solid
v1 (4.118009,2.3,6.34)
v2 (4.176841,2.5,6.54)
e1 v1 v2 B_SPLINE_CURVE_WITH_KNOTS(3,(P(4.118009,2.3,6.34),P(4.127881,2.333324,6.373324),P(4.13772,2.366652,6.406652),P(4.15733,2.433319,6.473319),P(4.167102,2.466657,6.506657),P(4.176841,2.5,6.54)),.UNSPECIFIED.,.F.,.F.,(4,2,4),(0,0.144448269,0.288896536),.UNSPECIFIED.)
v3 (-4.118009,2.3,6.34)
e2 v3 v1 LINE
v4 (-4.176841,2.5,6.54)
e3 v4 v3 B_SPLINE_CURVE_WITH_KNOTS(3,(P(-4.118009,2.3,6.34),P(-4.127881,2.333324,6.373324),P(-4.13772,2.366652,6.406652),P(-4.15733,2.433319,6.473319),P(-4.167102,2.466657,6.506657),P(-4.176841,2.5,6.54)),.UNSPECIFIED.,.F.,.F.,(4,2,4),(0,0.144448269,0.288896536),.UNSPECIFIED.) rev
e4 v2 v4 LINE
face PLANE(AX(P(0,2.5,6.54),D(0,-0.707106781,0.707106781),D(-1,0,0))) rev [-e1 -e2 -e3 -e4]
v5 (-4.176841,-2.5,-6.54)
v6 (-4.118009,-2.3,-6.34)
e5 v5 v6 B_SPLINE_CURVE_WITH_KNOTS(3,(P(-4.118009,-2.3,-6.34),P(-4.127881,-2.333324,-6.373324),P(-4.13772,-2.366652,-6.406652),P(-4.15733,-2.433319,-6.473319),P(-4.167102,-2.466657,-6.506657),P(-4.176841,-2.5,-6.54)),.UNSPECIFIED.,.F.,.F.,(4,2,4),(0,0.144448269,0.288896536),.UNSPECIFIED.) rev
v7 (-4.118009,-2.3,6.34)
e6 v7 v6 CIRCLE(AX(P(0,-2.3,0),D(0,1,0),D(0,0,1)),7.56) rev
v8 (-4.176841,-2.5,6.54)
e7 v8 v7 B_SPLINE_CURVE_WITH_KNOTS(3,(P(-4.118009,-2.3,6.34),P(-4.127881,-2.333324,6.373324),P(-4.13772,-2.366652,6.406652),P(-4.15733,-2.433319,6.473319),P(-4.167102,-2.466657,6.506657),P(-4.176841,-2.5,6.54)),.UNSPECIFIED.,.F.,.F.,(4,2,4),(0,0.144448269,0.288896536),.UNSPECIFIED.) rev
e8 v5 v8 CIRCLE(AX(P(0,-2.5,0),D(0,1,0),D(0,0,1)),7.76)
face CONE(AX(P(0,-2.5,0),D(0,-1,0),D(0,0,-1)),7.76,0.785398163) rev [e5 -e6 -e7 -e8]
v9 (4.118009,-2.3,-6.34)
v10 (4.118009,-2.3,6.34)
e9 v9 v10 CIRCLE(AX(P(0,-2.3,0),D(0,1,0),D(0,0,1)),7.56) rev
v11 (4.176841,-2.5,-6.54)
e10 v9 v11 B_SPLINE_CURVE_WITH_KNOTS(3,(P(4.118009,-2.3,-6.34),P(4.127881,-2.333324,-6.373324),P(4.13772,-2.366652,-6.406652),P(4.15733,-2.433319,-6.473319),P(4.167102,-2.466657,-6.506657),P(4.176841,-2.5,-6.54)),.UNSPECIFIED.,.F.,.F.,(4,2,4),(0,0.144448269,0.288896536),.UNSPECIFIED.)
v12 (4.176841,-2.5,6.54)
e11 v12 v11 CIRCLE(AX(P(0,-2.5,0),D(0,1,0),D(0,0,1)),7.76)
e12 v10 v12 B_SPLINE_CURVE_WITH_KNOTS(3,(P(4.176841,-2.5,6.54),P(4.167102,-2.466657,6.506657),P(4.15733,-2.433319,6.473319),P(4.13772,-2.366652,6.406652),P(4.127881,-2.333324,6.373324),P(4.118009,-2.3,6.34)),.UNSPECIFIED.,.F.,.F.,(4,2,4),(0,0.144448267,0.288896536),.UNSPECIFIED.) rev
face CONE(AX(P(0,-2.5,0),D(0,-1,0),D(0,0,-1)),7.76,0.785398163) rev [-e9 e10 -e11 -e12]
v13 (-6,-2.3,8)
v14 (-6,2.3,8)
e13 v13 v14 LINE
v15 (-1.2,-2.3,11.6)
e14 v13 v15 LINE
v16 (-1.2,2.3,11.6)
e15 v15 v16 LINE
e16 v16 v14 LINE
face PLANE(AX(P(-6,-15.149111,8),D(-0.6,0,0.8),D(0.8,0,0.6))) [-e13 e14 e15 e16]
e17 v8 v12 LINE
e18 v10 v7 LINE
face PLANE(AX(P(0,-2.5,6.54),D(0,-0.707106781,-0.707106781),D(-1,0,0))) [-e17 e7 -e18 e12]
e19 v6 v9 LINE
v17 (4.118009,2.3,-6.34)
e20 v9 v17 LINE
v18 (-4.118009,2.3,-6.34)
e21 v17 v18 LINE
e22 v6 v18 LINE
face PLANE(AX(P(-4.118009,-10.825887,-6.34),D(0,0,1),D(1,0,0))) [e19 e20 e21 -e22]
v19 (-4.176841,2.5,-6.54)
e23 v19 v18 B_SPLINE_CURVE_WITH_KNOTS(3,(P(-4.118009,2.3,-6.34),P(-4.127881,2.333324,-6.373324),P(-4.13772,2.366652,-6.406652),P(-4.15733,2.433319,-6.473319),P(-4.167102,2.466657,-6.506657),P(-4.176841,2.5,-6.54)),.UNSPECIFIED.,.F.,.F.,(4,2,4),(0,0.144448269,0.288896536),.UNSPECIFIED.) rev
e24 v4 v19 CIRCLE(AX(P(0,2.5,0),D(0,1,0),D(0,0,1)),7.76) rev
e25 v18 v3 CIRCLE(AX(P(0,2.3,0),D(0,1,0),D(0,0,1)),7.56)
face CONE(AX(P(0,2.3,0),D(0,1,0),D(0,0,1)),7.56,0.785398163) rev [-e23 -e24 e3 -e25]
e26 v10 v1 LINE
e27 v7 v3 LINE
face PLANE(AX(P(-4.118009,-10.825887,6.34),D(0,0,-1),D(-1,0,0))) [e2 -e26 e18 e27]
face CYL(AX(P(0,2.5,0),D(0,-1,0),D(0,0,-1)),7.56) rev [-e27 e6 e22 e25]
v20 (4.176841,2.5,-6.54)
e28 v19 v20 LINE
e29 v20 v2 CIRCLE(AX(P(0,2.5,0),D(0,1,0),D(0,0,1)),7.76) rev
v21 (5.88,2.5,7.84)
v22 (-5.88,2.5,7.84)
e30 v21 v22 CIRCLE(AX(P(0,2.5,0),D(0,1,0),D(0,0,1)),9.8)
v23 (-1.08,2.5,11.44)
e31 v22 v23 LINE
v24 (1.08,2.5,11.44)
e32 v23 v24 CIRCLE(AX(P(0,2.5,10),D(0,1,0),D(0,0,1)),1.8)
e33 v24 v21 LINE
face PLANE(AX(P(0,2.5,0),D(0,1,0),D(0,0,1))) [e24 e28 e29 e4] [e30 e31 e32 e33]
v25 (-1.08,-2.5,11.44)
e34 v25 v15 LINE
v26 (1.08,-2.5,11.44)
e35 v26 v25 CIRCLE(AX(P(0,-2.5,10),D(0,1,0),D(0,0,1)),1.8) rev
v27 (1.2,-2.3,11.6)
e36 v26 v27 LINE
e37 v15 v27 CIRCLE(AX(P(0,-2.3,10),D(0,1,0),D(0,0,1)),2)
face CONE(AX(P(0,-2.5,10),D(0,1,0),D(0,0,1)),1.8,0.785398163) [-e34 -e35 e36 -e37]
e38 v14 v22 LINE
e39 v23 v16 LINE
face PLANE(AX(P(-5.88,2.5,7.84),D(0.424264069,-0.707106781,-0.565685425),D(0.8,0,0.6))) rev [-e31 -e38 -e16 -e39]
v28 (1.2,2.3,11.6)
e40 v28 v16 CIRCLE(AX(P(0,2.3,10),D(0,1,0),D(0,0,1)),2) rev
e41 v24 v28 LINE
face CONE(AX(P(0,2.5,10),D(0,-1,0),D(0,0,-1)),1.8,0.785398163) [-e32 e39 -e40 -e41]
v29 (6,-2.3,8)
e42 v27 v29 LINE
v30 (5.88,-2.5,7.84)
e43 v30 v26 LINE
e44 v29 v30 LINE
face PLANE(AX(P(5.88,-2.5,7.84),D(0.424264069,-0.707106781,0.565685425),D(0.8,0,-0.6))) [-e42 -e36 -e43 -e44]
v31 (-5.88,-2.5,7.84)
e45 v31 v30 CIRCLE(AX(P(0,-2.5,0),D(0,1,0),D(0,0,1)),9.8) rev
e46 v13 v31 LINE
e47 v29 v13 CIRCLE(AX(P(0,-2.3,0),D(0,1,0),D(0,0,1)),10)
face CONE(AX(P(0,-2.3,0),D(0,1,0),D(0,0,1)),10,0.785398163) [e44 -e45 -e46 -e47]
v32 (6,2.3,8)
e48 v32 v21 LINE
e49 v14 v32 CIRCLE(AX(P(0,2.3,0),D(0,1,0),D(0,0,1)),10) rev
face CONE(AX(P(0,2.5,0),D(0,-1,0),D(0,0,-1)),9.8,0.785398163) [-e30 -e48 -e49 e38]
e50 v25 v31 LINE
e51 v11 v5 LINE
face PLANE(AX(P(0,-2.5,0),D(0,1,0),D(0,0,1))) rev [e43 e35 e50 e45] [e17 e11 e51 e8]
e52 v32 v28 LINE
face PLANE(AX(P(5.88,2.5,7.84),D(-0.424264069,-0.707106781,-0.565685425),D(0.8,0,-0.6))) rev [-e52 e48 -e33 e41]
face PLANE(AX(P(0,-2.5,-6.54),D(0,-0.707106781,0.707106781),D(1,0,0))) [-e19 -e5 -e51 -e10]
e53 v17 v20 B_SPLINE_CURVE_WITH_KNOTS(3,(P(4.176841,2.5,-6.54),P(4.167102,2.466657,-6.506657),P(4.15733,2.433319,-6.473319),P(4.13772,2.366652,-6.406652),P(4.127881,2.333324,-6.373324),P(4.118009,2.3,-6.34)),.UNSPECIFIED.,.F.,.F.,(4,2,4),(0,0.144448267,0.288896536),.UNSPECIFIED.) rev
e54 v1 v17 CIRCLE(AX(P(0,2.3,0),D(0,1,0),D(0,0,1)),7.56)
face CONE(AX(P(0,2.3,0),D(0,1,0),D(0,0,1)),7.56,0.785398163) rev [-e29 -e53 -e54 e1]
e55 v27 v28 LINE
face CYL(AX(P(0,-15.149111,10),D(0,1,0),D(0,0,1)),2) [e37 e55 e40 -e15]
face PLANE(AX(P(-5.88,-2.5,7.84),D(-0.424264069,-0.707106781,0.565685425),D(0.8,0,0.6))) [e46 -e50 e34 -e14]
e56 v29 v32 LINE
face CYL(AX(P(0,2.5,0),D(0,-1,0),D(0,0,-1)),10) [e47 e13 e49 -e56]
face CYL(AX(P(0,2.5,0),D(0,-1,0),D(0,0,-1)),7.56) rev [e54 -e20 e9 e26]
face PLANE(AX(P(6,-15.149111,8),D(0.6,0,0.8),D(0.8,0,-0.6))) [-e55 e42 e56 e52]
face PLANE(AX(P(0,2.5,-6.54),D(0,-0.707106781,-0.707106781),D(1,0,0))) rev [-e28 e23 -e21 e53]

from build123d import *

# Parameters (mm, degrees)
SKETCH1_R           = 10
SKETCH1_R_2         = 7.56
BOSS_EXTRUDE1_DEPTH = 2.5
BOSS_EXTRUDE2_DEPTH = 5
BOSS_EXTRUDE3_DEPTH = 5
CHAMFER1_SIZE       = 0.2


with BuildPart() as part:
    # Sketch1 → Boss-Extrude1 (new body, symmetric)
    with BuildSketch(Plane(origin=(0, 0, 0), x_dir=(1, 0, 0), z_dir=(0, 1, 0))):
        Circle(SKETCH1_R)
        Circle(SKETCH1_R_2, mode=Mode.SUBTRACT)
    extrude(amount=BOSS_EXTRUDE1_DEPTH, both=True)

    # Sketch2 → Boss-Extrude2 (add)
    with BuildSketch(Plane(origin=(0, 2.5, 0), x_dir=(1, 0, 0), z_dir=(0, 1, 0))):
        with BuildLine():
            Line((-4.118009228, -6.34), (4.118009228, -6.34))
            ThreePointArc((4.118009228, -6.34), (0, -7.56), (-4.118009228, -6.34))
        make_face()
        with BuildLine():
            Line((-4.118009228, 6.34), (4.118009228, 6.34))
            ThreePointArc((4.118009228, 6.34), (0, 7.56), (-4.118009228, 6.34))
        make_face()
    extrude(amount=-BOSS_EXTRUDE2_DEPTH)

    # Sketch3 → Boss-Extrude3 (add)
    with BuildSketch(Plane(origin=(0, 2.5, 0), x_dir=(1, 0, 0), z_dir=(0, 1, 0))):
        with BuildLine():
            Line((-6, -8), (-1.2, -11.6))
            ThreePointArc((-1.2, -11.6), (0, -12), (1.2, -11.6))
            Line((1.2, -11.6), (6, -8))
            ThreePointArc((6, -8), (0, -10), (-6, -8))
        make_face()
    extrude(amount=-BOSS_EXTRUDE3_DEPTH)

    # Chamfer1
    chamfer1_edges = [part.edges().sort_by_distance(p)[0] for p in [
        (-7.56, 2.5, 0),
        (-7.56, -2.5, 0),
        (0, 2.5, 6.34),
        (0, -2.5, 6.34),
        (0, 2.5, -6.34),
        (0, -2.5, -6.34),
        (0, -2.5, -10),
        (-3.6, 2.5, 9.8),
        (0, 2.5, 12),
        (3.6, 2.5, 9.8),
        (3.6, -2.5, 9.8),
        (0, -2.5, 12),
        (-3.6, -2.5, 9.8),
        (0, 2.5, -10),
        (7.56, -2.5, 0),
        (7.56, 2.5, 0),
    ]]
    chamfer(chamfer1_edges, length=CHAMFER1_SIZE)


solid = part.part
